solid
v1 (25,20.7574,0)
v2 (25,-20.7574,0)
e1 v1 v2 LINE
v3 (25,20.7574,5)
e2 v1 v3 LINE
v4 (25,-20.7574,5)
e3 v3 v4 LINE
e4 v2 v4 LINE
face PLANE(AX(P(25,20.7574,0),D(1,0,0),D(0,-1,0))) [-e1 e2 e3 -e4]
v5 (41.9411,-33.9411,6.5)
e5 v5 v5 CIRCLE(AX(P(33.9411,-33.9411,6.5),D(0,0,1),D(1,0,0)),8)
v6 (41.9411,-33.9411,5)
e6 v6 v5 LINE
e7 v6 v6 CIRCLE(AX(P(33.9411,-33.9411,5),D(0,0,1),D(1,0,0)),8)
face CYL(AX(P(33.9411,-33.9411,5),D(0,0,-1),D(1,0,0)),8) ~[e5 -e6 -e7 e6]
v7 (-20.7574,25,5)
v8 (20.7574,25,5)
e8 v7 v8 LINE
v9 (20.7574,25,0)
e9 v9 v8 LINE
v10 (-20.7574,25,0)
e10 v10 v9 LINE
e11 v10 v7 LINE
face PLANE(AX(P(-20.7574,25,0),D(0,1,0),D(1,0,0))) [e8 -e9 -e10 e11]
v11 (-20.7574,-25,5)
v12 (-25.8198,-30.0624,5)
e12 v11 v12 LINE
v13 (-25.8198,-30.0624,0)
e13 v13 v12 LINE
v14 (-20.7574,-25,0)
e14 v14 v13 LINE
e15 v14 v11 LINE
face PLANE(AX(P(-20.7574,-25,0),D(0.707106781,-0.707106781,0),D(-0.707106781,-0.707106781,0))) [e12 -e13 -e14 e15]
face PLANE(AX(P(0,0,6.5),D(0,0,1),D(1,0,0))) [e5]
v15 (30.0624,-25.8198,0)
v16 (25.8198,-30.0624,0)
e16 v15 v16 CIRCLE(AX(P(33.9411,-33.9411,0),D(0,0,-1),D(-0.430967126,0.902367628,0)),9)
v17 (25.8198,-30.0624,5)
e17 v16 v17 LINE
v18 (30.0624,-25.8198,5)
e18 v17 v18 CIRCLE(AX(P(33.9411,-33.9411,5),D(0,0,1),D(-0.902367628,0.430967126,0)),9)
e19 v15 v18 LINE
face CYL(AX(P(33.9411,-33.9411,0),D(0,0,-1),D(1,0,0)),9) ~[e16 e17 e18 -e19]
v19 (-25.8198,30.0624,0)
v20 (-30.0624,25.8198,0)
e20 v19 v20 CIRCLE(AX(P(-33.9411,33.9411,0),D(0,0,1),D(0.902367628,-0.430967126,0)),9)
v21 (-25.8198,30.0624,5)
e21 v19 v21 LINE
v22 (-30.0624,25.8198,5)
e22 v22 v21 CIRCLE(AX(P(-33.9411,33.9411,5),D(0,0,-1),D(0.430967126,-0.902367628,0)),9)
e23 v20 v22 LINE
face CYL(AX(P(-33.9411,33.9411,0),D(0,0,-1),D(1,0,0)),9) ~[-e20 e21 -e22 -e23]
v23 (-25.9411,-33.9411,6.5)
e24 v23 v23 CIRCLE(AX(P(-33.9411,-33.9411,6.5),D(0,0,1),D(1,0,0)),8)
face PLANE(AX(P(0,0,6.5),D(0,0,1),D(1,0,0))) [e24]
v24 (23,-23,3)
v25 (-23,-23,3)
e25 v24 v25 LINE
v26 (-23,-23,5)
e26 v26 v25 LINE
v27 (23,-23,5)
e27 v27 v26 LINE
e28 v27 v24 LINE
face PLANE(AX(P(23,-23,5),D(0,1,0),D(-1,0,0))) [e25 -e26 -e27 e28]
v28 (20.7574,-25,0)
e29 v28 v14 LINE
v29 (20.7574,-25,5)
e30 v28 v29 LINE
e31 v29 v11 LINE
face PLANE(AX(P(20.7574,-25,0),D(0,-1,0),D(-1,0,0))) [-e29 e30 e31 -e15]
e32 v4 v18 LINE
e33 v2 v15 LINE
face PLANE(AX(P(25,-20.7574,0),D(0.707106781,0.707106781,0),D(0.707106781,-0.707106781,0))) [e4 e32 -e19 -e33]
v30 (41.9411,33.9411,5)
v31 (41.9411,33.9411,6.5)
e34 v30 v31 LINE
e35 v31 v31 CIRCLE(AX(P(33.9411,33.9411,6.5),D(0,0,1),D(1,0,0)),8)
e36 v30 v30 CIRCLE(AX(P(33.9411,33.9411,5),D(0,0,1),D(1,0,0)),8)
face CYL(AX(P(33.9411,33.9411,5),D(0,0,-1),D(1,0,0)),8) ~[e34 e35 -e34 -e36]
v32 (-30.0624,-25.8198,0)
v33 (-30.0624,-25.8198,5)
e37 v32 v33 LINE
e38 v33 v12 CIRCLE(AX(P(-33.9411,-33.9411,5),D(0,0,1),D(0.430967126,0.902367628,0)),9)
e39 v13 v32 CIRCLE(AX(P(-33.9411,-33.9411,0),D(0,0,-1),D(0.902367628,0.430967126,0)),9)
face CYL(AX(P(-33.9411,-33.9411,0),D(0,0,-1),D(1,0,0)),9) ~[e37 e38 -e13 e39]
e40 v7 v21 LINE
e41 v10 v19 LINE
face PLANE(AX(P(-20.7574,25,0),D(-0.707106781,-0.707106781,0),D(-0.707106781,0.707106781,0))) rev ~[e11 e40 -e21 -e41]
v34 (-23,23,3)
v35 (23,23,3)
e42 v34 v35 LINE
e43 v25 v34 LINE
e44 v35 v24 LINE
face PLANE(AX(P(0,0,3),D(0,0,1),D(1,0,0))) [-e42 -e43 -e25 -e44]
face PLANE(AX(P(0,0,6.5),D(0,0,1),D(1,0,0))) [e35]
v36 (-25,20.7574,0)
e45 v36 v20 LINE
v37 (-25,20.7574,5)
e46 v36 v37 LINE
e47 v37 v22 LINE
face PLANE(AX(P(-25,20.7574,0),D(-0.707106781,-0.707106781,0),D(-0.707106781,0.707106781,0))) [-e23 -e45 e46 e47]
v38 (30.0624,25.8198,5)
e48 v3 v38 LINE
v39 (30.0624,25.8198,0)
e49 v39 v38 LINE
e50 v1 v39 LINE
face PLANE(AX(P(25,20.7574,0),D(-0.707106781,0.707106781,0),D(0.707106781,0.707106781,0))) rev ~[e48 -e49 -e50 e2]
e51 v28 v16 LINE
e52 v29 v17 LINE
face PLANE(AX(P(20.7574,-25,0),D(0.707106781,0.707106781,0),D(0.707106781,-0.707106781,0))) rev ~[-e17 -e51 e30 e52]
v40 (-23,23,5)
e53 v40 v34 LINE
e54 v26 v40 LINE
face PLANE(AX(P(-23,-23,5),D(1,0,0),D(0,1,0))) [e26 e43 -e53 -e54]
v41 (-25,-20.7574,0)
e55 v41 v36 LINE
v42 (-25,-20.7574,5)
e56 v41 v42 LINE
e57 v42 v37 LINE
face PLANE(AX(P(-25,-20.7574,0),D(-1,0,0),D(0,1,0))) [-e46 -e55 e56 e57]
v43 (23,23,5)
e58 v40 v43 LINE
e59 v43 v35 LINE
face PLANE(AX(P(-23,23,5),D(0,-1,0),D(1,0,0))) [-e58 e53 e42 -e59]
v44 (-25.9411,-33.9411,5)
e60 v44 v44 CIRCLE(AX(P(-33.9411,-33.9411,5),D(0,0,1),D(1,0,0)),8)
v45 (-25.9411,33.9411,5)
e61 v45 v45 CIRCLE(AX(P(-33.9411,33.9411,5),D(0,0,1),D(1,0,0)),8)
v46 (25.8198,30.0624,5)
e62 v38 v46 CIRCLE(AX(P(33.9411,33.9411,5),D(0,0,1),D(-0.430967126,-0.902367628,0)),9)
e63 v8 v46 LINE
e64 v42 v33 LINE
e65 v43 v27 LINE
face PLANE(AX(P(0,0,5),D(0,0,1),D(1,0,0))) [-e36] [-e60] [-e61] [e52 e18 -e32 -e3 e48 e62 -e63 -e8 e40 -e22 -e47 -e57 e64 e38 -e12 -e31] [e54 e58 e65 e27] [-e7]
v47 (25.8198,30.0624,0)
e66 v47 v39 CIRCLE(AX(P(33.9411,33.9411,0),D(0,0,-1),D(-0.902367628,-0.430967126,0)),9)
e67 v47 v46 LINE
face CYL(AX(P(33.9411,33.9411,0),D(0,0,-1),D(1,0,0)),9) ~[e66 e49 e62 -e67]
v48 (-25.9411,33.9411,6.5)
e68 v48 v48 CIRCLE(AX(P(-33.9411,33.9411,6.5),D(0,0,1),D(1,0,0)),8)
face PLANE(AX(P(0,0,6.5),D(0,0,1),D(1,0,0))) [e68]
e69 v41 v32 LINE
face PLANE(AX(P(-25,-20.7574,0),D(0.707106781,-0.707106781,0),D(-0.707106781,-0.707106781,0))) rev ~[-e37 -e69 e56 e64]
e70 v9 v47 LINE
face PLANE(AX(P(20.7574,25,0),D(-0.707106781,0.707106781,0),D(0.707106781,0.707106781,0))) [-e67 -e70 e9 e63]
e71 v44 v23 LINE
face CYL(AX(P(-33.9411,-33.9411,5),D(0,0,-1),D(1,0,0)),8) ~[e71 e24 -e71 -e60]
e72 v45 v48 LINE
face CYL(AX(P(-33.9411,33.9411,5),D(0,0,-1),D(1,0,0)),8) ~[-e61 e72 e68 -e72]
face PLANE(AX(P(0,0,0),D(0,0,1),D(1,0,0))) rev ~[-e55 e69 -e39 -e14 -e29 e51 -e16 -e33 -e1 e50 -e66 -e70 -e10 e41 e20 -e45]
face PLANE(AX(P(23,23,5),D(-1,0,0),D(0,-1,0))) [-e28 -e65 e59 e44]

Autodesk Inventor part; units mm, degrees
ref_plane "YZ Plane" through (0, 0, 0) normal (1, 0, 0) x (0, 1, 0)
ref_plane "XZ Plane" through (0, 0, 0) normal (0, 1, 0) x (-1, 0, 0)
ref_plane "XY Plane" through (0, 0, 0) normal (0, 0, 1) x (1, 0, 0)
sketch "Sketch1" plane through (0, 0, 0) normal (0, 0, 1) x (1, 0, 0)
  line L0 (-25, 25) -> (25, 25)
  line L1 (25, 25) -> (25, -25)
  line L2 (25, -25) -> (-25, -25)
  line L3 (-25, -25) -> (-25, 25)
  line L4 (-25, 25) -> (25, -25) construction
  line L5 (25, 25) -> (-25, -25) construction
  line L6 (0, 0) -> (-33.9411, 33.9411)
  circle A0 centre (-33.9411, 33.9411) radius 9
  line L7 (0, 0) -> (2.1213, 2.1213)
  line L8 (0, 0) -> (-2.1213, -2.1213)
  line L9 (2.1213, 2.1213) -> (-25.8198, 30.0624)
  line L10 (-2.1213, -2.1213) -> (-30.0624, 25.8198)
  line L11 (0, 0) -> (33.9411, -33.9411)
  circle A1 centre (33.9411, -33.9411) radius 9
  line L12 (2.1213, 2.1213) -> (30.0624, -25.8198)
  line L13 (-2.1213, -2.1213) -> (25.8198, -30.0624)
  line L14 (0, 25) -> (0, -25) construction
  line L15 (25, 25) -> (-25, 25)
  line L16 (-25, 25) -> (-25, -25)
  line L17 (-25, -25) -> (25, -25)
  line L18 (25, -25) -> (25, 25)
  line L19 (25, 25) -> (-25, -25) construction
  line L20 (-25, 25) -> (25, -25) construction
  line L21 (0, 0) -> (33.9411, 33.9411)
  circle A2 centre (33.9411, 33.9411) radius 9
  line L22 (0, 0) -> (-2.1213, 2.1213)
  line L23 (0, 0) -> (2.1213, -2.1213)
  line L24 (-2.1213, 2.1213) -> (25.8198, 30.0624)
  line L25 (2.1213, -2.1213) -> (30.0624, 25.8198)
  line L26 (0, 0) -> (-33.9411, -33.9411)
  circle A3 centre (-33.9411, -33.9411) radius 9
  line L27 (-2.1213, 2.1213) -> (-30.0624, -25.8198)
  line L28 (2.1213, -2.1213) -> (-25.8198, -30.0624)
  point P0 (-25, 20.7574)
  point P1 (-25, -20.7574)
  point P2 (-20.7574, -25)
  point P3 (20.7574, -25)
  point P4 (25, -20.7574)
  point P5 (25, 20.7574)
  point P6 (20.7574, 25)
  point P7 (-20.7574, 25)
  dimension "d0" = 50
  dimension "d1" = 50
  dimension "d5" = 48
  dimension "d6" = 18
  dimension "d7" = 3
  dimension "d8" = 3
extrude "Extrusion1" add sketch "Sketch1" along normal blind 5
sketch "Sketch2" plane through (0, 0, 5) normal (0, 0, 1) x (1, 0, 0)
  line L0 (-23, 23) -> (23, 23)
  line L1 (23, 23) -> (23, -23)
  line L2 (23, -23) -> (-23, -23)
  line L3 (-23, -23) -> (-23, 23)
  line L4 (-23, 23) -> (23, -23) construction
  line L5 (23, 23) -> (-23, -23) construction
  point P0 (0, 0)
  dimension "d11" = 46
  dimension "d12" = 46
extrude "Extrusion2" cut sketch "Sketch2" against normal blind 2
sketch "Sketch3" plane through (0, 0, 5) normal (0, 0, 1) x (1, 0, 0)
  arc A0 (-25.8198, 30.0624) -> (-30.0624, 25.8198) centre (-33.9411, 33.9411) ccw projected
  circle A1 centre (-33.9411, 33.9411) radius 8
  circle A2 centre (-33.9411, -33.9411) radius 8
  circle A3 centre (33.9411, -33.9411) radius 8
  circle A4 centre (33.9411, 33.9411) radius 8
  point P0 (0, 0)
  dimension "d15" = 16
  dimension "d18" = 360
extrude "Extrusion3" add sketch "Sketch3" along normal blind 1.5
properties part number "aruco_holder"
